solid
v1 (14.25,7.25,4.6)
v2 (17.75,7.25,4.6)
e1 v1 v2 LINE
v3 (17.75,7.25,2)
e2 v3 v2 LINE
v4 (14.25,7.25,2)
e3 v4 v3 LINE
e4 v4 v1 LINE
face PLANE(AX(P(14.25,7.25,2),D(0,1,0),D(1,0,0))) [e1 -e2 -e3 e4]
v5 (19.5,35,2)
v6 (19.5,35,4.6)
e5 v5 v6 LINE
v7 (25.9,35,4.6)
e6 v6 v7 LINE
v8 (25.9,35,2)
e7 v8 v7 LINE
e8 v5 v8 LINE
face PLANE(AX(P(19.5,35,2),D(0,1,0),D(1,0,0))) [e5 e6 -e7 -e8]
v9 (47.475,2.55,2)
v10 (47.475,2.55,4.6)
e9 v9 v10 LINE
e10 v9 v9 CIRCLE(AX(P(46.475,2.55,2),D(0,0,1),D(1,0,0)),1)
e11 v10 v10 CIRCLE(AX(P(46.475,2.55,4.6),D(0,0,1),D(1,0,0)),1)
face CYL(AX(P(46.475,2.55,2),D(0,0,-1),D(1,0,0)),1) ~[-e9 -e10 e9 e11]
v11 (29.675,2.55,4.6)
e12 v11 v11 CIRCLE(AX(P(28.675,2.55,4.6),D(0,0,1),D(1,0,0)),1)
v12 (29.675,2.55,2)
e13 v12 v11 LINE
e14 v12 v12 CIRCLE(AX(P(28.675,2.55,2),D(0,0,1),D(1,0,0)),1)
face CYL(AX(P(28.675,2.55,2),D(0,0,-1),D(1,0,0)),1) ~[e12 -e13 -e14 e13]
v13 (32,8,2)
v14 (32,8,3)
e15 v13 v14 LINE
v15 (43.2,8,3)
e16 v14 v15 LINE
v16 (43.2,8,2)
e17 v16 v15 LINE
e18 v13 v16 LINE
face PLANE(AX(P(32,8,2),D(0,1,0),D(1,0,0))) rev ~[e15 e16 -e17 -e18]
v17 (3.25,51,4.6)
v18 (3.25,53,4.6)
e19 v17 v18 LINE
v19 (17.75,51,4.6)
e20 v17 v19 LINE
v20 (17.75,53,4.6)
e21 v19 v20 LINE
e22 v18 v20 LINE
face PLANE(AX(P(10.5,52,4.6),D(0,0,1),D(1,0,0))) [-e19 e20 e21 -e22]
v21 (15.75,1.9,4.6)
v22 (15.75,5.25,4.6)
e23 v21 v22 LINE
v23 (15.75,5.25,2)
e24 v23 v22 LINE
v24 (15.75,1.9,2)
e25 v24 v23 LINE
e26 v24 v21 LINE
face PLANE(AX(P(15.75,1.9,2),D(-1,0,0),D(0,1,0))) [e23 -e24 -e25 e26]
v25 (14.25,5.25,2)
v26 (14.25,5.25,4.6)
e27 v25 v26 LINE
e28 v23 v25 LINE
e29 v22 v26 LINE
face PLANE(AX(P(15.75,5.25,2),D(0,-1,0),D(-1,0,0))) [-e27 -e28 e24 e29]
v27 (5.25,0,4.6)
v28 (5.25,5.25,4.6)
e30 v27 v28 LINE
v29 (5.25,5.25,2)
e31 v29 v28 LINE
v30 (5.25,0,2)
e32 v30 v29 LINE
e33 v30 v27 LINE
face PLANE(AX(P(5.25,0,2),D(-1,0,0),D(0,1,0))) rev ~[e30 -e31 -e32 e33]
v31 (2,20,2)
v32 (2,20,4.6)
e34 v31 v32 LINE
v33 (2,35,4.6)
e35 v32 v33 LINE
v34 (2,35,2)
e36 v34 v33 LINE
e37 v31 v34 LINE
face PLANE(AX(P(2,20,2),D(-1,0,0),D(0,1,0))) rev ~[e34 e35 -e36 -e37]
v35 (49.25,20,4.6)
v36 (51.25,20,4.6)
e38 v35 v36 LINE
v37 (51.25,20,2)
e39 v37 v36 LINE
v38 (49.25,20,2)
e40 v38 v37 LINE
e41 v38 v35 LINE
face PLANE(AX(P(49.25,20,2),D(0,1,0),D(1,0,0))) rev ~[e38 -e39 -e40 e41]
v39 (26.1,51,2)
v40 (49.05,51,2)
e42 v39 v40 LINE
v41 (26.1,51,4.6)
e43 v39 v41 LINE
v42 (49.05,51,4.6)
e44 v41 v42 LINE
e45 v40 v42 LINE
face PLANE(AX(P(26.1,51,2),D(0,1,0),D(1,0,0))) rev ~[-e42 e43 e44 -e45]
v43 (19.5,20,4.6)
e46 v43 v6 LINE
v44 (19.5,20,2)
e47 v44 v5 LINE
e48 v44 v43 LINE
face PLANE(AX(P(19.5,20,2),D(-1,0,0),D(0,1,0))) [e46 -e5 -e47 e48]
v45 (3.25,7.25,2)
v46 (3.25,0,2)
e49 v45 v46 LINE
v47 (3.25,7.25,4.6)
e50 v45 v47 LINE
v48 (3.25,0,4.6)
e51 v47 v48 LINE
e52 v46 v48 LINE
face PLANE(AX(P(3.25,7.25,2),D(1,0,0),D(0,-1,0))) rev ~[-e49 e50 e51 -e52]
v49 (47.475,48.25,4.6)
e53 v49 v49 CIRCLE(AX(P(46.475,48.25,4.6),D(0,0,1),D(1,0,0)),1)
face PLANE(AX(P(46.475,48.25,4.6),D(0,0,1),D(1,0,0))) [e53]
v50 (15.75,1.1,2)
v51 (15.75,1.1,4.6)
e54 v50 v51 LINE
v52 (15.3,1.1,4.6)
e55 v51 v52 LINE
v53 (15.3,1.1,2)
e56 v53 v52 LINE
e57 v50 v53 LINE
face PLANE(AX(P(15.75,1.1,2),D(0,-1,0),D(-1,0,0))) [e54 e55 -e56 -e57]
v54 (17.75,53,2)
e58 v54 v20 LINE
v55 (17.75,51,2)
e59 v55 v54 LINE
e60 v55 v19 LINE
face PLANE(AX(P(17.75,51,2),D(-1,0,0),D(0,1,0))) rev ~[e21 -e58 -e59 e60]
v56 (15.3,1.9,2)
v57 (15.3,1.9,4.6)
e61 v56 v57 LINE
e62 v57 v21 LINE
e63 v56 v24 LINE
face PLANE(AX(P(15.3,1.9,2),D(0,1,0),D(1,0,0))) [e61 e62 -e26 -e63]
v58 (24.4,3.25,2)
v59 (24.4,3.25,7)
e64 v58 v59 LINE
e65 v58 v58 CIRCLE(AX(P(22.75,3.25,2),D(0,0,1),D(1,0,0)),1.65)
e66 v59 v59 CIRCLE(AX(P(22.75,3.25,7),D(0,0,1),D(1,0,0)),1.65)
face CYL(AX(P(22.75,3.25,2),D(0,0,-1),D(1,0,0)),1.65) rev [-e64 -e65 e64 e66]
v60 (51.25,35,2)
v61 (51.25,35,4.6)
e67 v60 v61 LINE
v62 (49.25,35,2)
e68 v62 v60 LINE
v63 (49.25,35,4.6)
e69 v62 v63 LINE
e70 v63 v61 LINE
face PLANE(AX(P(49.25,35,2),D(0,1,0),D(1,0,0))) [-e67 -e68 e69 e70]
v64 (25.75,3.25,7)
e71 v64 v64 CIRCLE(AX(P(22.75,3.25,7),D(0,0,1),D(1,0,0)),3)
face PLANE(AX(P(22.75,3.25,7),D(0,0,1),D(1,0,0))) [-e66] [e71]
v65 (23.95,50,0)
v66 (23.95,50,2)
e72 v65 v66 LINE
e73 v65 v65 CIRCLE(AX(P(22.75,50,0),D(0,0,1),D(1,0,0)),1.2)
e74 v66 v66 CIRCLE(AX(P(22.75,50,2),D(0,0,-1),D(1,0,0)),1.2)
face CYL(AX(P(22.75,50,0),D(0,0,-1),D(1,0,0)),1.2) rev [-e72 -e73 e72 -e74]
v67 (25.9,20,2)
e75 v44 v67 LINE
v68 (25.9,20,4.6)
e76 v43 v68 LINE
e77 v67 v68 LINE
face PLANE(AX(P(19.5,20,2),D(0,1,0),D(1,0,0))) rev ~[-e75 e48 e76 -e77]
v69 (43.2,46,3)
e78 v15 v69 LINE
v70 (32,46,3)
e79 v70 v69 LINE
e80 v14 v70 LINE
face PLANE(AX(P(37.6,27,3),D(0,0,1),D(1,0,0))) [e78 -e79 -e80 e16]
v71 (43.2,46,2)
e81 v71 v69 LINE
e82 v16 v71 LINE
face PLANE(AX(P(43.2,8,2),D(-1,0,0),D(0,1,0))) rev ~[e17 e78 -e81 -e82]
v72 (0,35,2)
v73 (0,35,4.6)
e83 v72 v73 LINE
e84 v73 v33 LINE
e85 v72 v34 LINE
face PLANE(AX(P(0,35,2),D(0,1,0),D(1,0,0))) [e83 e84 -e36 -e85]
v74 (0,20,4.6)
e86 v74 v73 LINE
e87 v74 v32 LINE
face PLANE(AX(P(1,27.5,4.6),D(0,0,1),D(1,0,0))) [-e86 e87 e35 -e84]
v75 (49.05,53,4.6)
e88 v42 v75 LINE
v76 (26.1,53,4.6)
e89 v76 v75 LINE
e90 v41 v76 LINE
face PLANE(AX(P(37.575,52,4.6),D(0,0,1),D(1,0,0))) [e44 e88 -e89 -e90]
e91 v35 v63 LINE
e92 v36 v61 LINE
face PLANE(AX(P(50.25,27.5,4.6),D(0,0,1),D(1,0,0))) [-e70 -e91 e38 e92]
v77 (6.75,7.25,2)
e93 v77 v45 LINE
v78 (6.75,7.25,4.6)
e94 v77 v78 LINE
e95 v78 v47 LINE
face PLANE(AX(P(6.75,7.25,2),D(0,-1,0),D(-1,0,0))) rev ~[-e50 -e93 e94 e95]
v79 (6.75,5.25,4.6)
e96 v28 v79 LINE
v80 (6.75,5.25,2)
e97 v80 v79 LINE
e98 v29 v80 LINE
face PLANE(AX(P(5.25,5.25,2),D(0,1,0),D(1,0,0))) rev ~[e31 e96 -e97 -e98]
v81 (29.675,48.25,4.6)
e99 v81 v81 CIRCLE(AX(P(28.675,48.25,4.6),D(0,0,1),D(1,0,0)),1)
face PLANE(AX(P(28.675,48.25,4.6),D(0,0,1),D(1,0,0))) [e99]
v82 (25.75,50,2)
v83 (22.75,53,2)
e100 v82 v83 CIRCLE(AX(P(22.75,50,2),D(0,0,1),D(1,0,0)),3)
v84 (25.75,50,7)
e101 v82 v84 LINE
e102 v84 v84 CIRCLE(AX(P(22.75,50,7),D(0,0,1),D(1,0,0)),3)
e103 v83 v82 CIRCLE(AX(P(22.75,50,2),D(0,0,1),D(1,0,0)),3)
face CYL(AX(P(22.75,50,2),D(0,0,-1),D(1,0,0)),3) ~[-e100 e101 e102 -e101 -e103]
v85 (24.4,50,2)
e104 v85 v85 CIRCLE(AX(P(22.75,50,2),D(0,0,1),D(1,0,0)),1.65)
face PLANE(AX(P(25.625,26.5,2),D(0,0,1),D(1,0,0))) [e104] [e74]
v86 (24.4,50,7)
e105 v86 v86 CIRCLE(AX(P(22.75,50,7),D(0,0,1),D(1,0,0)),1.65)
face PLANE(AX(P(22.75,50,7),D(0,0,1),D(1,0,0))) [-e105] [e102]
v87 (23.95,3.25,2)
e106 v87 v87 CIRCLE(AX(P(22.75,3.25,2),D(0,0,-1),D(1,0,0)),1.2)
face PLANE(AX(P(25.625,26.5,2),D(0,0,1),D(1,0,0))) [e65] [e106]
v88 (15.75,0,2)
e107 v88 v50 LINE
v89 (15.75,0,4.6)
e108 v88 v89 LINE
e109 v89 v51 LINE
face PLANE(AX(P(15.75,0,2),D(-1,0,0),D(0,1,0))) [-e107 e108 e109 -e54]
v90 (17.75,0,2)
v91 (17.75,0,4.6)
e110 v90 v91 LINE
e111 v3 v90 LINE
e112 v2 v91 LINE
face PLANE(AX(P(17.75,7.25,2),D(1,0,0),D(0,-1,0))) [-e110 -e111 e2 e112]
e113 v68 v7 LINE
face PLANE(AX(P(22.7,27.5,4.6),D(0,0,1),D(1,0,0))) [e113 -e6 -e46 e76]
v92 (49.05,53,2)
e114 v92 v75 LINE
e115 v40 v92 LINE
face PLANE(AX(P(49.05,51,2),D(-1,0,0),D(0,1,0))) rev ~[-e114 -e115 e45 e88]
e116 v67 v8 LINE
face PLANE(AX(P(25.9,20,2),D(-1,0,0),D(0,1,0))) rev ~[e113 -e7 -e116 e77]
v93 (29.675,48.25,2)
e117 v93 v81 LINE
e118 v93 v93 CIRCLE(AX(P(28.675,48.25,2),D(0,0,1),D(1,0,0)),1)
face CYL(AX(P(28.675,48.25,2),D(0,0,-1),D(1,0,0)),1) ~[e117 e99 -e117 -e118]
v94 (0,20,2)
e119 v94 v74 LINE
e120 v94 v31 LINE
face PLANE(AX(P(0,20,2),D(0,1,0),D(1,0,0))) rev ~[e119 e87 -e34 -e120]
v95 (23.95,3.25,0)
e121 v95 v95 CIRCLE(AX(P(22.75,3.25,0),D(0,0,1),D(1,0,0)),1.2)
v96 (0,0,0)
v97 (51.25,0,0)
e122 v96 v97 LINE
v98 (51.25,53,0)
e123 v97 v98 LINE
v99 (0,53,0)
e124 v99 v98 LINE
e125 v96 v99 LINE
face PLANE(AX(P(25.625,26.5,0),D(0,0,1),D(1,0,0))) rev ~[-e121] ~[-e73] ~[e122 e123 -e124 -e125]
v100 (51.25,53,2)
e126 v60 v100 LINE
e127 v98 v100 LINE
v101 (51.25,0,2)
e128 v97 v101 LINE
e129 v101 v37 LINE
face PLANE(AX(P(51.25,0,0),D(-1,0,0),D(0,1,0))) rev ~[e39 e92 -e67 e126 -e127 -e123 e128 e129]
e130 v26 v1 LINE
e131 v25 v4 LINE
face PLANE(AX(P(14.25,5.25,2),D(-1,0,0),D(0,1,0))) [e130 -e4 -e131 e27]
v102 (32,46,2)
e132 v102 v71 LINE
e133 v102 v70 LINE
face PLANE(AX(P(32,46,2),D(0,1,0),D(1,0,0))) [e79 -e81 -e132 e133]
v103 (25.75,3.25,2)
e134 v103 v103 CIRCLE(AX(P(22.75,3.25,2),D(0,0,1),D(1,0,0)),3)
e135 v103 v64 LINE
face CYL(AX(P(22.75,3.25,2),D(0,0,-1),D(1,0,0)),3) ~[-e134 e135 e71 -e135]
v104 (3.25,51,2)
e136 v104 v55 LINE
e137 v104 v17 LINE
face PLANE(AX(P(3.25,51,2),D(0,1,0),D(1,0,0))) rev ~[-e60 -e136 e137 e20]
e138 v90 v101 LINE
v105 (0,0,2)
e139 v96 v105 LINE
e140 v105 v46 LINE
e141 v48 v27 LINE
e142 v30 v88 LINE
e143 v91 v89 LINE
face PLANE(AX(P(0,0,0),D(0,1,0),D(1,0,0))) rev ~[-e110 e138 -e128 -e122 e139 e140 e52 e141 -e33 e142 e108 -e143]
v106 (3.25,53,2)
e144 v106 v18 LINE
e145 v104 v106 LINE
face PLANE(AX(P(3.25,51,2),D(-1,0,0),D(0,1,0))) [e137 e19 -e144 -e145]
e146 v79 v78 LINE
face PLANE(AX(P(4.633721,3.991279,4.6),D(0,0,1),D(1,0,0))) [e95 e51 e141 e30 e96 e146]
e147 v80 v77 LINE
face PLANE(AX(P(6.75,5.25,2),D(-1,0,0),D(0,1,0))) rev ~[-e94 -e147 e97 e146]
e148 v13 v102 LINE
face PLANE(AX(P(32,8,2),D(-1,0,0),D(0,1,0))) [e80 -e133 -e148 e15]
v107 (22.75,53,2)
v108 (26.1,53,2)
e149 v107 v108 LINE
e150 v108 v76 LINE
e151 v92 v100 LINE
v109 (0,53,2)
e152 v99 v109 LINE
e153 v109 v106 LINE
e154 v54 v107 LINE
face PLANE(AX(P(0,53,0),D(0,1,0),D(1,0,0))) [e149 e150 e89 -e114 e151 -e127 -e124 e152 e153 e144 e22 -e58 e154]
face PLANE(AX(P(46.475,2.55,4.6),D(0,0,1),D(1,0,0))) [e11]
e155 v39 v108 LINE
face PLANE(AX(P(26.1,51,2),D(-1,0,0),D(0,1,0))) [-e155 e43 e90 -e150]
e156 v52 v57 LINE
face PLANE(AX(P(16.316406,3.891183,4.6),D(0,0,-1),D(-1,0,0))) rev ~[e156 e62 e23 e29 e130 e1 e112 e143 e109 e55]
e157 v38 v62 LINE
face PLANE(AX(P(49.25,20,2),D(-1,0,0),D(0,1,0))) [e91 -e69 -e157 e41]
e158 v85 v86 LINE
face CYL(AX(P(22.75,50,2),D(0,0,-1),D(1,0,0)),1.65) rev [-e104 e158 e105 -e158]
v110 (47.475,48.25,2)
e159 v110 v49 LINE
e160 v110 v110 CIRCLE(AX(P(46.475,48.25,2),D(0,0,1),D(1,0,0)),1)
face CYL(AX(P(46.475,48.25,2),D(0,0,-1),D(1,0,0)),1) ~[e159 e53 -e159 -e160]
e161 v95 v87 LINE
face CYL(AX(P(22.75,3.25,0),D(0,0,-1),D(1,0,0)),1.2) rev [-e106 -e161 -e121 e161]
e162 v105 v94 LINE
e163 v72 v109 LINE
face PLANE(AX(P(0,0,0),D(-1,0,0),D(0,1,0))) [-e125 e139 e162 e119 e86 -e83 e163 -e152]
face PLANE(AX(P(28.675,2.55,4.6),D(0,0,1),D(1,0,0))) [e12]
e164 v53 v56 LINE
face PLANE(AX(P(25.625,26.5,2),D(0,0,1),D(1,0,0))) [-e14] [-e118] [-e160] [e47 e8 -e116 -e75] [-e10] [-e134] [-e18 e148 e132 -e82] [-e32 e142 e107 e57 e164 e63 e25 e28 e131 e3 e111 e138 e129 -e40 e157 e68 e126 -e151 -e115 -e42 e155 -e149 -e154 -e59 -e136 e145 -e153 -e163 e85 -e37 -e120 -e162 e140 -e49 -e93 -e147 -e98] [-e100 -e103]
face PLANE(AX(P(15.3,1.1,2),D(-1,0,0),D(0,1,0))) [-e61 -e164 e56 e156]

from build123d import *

# Parameters (mm, degrees)
SKETCH015_R      = 1.2
EXTRUDE011_DEPTH = 10
SKETCH006_W      = 11.2
SKETCH006_H      = 38
EXTRUDE001_DEPTH = 1
SKETCH007_R      = 1
SKETCH007_W      = 6.4
SKETCH007_H      = 15
SKETCH007_W_2    = 2
SKETCH007_W_3    = 14.5
SKETCH007_H_2    = 2
SKETCH007_W_4    = 22.95
EXTRUDE005_DEPTH = 2.6
SKETCH005_W      = 51.25
SKETCH005_H      = 53
EXTRUDE_DEPTH    = 2
SKETCH013_R      = 1.65
EXTRUDE009_DEPTH = 5
SKETCH012_R      = 3
EXTRUDE008_DEPTH = 5


with BuildPart() as basecut:
    # Sketch015 → Extrude011 (new body)
    with BuildSketch(Plane.XY):
        with Locations((22.75, 50)):
            Circle(SKETCH015_R)
        with Locations((22.75, 3.25)):
            Circle(SKETCH015_R)
    extrude(amount=EXTRUDE011_DEPTH)


with BuildPart() as base002:
    # Sketch006 → Extrude001 (new body)
    with BuildSketch(Plane.XY.offset(2)):
        with Locations((37.6, 27)):
            Rectangle(SKETCH006_W, SKETCH006_H)
    extrude(amount=EXTRUDE001_DEPTH)


with BuildPart() as base003:
    # Sketch007 → Extrude005 (new body)
    with BuildSketch(Plane.XY.offset(2)):
        with Locations((28.675, 48.25)):
            Circle(SKETCH007_R)
        with Locations((46.475, 48.25)):
            Circle(SKETCH007_R)
        with Locations((28.675, 2.55)):
            Circle(SKETCH007_R)
        with Locations((46.475, 2.55)):
            Circle(SKETCH007_R)
        Polygon((3.25, 0), (5.25, 0), (5.25, 5.25), (6.75, 5.25), (6.75, 7.25), (3.25, 7.25), align=None)
        Polygon((17.75, 0), (15.75, 0), (15.75, 1.1), (15.3, 1.1), (15.3, 1.9), (15.75, 1.9), (15.75, 5.25), (14.25, 5.25), (14.25, 7.25), (17.75, 7.25), align=None)
        with Locations((22.7, 27.5)):
            Rectangle(SKETCH007_W, SKETCH007_H)
        with Locations((1, 27.5)):
            Rectangle(SKETCH007_W_2, SKETCH007_H)
        with Locations((10.5, 52)):
            Rectangle(SKETCH007_W_3, SKETCH007_H_2)
        with Locations((50.25, 27.5)):
            Rectangle(SKETCH007_W_2, SKETCH007_H)
        with Locations((37.575, 52)):
            Rectangle(SKETCH007_W_4, SKETCH007_H_2)
    extrude(amount=EXTRUDE005_DEPTH)


with BuildPart() as base004:
    # Sketch005 → Extrude (new body)
    with BuildSketch(Plane.XY):
        with Locations((25.625, 26.5)):
            Rectangle(SKETCH005_W, SKETCH005_H)
    extrude(amount=EXTRUDE_DEPTH)

    # Fusion002: union base002, base003
    add(base002.part)
    add(base003.part)


with BuildPart() as extrude009:
    # Sketch013 → Extrude009 (new body)
    with BuildSketch(Plane.XY.offset(10.25)):
        with Locations((22.75, 50)):
            Circle(SKETCH013_R)
        with Locations((22.75, 3.25)):
            Circle(SKETCH013_R)
    extrude(amount=EXTRUDE009_DEPTH)


with BuildPart() as extrude009_1:
    # Extrude009 placement: moved
    add(extrude009.part.moved(Location((0, 0, -8.25))))


with BuildPart() as bottom001:
    # Sketch012 → Extrude008 (new body)
    with BuildSketch(Plane.XY.offset(10.25)):
        with Locations((22.75, 50)):
            Circle(SKETCH012_R)
        with Locations((22.75, 3.25)):
            Circle(SKETCH012_R)
    extrude(amount=EXTRUDE008_DEPTH)


with BuildPart() as bottom001_1:
    # Extrude008 placement: moved
    add(bottom001.part.moved(Location((0, 0, -8.25))))

    # Cut002: cut Extrude009
    add(extrude009_1.part, mode=Mode.SUBTRACT)

    # Fusion003: union base004
    add(base004.part)

    # Cut004: cut baseCut
    add(basecut.part, mode=Mode.SUBTRACT)


solid = bottom001_1.part
